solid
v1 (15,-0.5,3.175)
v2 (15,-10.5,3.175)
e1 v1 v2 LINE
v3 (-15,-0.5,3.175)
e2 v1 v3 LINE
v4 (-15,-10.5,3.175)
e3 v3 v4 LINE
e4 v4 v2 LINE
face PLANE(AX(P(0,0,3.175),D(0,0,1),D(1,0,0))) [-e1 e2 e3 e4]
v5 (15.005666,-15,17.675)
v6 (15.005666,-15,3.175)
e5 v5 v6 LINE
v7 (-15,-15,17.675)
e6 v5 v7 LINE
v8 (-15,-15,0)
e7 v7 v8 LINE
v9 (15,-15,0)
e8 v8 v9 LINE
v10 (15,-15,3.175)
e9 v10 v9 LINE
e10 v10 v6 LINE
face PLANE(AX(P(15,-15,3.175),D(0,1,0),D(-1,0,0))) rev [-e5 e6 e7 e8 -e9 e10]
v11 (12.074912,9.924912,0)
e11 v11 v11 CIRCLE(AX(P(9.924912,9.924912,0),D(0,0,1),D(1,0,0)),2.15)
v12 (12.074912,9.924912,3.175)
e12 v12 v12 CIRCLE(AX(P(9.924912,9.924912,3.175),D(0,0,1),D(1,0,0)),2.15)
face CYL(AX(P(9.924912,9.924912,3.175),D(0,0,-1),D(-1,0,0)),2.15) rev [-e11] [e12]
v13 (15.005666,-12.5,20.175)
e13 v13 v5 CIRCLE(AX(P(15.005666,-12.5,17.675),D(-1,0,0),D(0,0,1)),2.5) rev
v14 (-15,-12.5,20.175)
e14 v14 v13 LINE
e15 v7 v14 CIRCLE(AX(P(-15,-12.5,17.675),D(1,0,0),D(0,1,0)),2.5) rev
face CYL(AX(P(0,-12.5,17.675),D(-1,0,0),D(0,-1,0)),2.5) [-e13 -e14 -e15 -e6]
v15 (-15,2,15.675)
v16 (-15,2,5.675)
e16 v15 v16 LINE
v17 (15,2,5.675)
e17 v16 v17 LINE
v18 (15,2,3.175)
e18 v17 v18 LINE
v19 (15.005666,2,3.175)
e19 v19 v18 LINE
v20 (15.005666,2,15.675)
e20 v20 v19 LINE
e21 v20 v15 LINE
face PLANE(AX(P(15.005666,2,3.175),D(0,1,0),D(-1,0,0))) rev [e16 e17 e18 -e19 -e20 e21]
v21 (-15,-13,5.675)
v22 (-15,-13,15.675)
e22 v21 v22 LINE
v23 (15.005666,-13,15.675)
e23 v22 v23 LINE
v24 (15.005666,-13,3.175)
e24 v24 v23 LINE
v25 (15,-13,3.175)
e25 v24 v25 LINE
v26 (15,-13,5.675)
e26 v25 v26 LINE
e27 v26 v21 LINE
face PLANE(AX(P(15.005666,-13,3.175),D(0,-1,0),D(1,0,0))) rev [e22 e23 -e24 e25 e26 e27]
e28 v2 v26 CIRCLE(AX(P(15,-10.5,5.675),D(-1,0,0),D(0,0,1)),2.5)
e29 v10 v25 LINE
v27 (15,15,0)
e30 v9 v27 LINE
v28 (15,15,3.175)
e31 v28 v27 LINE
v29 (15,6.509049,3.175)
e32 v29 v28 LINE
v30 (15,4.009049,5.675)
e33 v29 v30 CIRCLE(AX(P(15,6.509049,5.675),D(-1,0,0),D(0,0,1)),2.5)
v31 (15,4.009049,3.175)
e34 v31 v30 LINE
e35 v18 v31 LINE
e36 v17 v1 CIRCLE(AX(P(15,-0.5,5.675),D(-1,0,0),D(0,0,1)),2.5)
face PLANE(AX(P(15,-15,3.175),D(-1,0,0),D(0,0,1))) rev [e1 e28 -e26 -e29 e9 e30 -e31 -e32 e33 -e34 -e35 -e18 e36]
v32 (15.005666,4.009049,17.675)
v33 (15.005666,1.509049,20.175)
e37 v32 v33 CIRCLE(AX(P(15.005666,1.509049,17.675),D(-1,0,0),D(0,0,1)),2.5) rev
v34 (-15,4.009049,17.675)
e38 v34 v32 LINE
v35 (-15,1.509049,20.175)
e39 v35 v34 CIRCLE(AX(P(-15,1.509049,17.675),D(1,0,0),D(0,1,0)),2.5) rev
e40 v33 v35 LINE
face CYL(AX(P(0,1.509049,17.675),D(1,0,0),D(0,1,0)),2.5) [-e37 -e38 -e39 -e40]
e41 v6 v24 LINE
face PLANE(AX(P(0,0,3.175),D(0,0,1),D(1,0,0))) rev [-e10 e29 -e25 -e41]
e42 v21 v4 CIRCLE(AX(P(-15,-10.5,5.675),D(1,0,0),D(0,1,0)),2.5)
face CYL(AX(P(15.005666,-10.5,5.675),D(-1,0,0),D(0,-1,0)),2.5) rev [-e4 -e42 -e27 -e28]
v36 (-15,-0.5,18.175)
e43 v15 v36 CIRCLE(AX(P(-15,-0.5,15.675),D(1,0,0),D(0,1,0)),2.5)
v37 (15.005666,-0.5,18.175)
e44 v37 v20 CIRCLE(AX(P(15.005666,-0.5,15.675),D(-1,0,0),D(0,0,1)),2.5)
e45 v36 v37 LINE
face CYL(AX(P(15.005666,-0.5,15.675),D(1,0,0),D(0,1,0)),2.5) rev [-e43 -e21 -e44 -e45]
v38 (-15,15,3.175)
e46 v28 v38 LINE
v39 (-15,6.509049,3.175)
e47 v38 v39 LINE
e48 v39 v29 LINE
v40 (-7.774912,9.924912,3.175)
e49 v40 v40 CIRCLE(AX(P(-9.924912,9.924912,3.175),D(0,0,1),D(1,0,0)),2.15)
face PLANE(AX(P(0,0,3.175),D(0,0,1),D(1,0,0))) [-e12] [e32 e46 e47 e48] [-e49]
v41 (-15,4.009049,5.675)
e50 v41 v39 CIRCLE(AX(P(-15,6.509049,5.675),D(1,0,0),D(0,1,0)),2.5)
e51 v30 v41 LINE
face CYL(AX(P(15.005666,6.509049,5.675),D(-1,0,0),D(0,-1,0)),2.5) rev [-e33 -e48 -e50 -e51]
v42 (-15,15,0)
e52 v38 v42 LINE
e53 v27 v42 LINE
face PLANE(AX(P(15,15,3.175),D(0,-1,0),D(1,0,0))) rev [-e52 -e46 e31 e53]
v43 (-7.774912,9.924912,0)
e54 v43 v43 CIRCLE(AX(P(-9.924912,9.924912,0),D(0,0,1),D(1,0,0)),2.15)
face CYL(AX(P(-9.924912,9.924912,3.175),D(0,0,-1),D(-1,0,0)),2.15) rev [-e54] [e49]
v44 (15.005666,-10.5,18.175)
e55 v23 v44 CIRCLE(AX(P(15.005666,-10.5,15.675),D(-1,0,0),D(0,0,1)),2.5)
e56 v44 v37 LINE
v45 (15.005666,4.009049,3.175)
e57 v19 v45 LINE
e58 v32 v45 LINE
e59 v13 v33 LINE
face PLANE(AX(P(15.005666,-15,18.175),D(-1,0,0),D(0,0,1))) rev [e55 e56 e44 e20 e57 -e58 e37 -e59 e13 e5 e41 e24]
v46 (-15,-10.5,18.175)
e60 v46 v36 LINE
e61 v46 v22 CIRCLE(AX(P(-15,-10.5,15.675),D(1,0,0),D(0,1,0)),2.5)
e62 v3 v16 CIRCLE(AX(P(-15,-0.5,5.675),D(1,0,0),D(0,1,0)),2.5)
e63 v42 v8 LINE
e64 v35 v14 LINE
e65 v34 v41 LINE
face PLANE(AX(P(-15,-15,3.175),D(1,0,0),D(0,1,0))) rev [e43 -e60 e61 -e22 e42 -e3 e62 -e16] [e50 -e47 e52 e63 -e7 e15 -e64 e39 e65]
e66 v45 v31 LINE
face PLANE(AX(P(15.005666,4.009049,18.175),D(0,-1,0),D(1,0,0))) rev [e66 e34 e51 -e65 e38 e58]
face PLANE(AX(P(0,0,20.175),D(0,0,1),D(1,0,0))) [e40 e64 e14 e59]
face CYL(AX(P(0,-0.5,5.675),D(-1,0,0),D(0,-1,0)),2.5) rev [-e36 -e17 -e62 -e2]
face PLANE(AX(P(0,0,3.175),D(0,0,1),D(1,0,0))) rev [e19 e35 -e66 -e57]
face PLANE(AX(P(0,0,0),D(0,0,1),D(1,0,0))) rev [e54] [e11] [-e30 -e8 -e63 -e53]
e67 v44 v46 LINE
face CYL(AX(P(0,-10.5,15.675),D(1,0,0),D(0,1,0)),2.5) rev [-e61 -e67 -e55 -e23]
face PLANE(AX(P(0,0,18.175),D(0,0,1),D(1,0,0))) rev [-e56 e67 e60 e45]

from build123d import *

# Parameters (mm, degrees)
SKETCH1_W           = 30
SKETCH1_H           = 30
SKETCH1_R           = 2.15
BOSS_EXTRUDE1_DEPTH = 3.175
SKETCH2_W           = 30.005666414
SKETCH2_H           = 19.009049167
SKETCH2_W_2         = 23.655666414
SKETCH2_H_2         = 12.659049167
BOSS_EXTRUDE2_DEPTH = 15
SKETCH3_W           = 30.005666414
SKETCH3_H           = 19.009049167
BOSS_EXTRUDE3_DEPTH = 2
SKETCH4_W           = 15
SKETCH4_H           = 15
CUT_EXTRUDE1_DEPTH  = 31.005666414
FILLET1_R           = 2.5


with BuildPart() as part:
    # Sketch1 → Boss-Extrude1 (new body)
    with BuildSketch(Plane.XY):
        Rectangle(SKETCH1_W, SKETCH1_H)
        with Locations((-9.924911661, 9.924911661)):
            Circle(SKETCH1_R, mode=Mode.SUBTRACT)
        with Locations((9.924911661, 9.924911661)):
            Circle(SKETCH1_R, mode=Mode.SUBTRACT)
    extrude(amount=BOSS_EXTRUDE1_DEPTH)

    # Sketch2 → Boss-Extrude2 (add)
    with BuildSketch(Plane.XY.offset(3.175)):
        with Locations((0.002833207, -5.495475417)):
            Rectangle(SKETCH2_W, SKETCH2_H)
        with Locations((0.002833207, -5.495475417)):
            Rectangle(SKETCH2_W_2, SKETCH2_H_2, mode=Mode.SUBTRACT)
    extrude(amount=BOSS_EXTRUDE2_DEPTH)

    # Sketch3 → Boss-Extrude3 (add)
    with BuildSketch(Plane.XY.offset(18.175)):
        with Locations((0.002833207, -5.495475417)):
            Rectangle(SKETCH3_W, SKETCH3_H)
    extrude(amount=BOSS_EXTRUDE3_DEPTH)

    # Sketch4 → Cut-Extrude1 (cut, through all)
    with BuildSketch(Plane.ZY.offset(15)):
        with Locations((10.675, -5.5)):
            Rectangle(SKETCH4_W, SKETCH4_H)
    extrude(amount=-CUT_EXTRUDE1_DEPTH, mode=Mode.SUBTRACT)

    # Fillet1
    fillet1_edges = [part.edges().sort_by_distance(p)[0] for p in [
        (0, 4.009049167, 3.175),
        (0.002833207, -15, 20.175),
        (0.002833207, 4.009049167, 20.175),
        (0, -13, 3.175),
        (0, 2, 3.175),
        (0.002833207, 2, 18.175),
        (0.002833207, -13, 18.175),
    ]]
    fillet(fillet1_edges, radius=FILLET1_R)


solid = part.part
